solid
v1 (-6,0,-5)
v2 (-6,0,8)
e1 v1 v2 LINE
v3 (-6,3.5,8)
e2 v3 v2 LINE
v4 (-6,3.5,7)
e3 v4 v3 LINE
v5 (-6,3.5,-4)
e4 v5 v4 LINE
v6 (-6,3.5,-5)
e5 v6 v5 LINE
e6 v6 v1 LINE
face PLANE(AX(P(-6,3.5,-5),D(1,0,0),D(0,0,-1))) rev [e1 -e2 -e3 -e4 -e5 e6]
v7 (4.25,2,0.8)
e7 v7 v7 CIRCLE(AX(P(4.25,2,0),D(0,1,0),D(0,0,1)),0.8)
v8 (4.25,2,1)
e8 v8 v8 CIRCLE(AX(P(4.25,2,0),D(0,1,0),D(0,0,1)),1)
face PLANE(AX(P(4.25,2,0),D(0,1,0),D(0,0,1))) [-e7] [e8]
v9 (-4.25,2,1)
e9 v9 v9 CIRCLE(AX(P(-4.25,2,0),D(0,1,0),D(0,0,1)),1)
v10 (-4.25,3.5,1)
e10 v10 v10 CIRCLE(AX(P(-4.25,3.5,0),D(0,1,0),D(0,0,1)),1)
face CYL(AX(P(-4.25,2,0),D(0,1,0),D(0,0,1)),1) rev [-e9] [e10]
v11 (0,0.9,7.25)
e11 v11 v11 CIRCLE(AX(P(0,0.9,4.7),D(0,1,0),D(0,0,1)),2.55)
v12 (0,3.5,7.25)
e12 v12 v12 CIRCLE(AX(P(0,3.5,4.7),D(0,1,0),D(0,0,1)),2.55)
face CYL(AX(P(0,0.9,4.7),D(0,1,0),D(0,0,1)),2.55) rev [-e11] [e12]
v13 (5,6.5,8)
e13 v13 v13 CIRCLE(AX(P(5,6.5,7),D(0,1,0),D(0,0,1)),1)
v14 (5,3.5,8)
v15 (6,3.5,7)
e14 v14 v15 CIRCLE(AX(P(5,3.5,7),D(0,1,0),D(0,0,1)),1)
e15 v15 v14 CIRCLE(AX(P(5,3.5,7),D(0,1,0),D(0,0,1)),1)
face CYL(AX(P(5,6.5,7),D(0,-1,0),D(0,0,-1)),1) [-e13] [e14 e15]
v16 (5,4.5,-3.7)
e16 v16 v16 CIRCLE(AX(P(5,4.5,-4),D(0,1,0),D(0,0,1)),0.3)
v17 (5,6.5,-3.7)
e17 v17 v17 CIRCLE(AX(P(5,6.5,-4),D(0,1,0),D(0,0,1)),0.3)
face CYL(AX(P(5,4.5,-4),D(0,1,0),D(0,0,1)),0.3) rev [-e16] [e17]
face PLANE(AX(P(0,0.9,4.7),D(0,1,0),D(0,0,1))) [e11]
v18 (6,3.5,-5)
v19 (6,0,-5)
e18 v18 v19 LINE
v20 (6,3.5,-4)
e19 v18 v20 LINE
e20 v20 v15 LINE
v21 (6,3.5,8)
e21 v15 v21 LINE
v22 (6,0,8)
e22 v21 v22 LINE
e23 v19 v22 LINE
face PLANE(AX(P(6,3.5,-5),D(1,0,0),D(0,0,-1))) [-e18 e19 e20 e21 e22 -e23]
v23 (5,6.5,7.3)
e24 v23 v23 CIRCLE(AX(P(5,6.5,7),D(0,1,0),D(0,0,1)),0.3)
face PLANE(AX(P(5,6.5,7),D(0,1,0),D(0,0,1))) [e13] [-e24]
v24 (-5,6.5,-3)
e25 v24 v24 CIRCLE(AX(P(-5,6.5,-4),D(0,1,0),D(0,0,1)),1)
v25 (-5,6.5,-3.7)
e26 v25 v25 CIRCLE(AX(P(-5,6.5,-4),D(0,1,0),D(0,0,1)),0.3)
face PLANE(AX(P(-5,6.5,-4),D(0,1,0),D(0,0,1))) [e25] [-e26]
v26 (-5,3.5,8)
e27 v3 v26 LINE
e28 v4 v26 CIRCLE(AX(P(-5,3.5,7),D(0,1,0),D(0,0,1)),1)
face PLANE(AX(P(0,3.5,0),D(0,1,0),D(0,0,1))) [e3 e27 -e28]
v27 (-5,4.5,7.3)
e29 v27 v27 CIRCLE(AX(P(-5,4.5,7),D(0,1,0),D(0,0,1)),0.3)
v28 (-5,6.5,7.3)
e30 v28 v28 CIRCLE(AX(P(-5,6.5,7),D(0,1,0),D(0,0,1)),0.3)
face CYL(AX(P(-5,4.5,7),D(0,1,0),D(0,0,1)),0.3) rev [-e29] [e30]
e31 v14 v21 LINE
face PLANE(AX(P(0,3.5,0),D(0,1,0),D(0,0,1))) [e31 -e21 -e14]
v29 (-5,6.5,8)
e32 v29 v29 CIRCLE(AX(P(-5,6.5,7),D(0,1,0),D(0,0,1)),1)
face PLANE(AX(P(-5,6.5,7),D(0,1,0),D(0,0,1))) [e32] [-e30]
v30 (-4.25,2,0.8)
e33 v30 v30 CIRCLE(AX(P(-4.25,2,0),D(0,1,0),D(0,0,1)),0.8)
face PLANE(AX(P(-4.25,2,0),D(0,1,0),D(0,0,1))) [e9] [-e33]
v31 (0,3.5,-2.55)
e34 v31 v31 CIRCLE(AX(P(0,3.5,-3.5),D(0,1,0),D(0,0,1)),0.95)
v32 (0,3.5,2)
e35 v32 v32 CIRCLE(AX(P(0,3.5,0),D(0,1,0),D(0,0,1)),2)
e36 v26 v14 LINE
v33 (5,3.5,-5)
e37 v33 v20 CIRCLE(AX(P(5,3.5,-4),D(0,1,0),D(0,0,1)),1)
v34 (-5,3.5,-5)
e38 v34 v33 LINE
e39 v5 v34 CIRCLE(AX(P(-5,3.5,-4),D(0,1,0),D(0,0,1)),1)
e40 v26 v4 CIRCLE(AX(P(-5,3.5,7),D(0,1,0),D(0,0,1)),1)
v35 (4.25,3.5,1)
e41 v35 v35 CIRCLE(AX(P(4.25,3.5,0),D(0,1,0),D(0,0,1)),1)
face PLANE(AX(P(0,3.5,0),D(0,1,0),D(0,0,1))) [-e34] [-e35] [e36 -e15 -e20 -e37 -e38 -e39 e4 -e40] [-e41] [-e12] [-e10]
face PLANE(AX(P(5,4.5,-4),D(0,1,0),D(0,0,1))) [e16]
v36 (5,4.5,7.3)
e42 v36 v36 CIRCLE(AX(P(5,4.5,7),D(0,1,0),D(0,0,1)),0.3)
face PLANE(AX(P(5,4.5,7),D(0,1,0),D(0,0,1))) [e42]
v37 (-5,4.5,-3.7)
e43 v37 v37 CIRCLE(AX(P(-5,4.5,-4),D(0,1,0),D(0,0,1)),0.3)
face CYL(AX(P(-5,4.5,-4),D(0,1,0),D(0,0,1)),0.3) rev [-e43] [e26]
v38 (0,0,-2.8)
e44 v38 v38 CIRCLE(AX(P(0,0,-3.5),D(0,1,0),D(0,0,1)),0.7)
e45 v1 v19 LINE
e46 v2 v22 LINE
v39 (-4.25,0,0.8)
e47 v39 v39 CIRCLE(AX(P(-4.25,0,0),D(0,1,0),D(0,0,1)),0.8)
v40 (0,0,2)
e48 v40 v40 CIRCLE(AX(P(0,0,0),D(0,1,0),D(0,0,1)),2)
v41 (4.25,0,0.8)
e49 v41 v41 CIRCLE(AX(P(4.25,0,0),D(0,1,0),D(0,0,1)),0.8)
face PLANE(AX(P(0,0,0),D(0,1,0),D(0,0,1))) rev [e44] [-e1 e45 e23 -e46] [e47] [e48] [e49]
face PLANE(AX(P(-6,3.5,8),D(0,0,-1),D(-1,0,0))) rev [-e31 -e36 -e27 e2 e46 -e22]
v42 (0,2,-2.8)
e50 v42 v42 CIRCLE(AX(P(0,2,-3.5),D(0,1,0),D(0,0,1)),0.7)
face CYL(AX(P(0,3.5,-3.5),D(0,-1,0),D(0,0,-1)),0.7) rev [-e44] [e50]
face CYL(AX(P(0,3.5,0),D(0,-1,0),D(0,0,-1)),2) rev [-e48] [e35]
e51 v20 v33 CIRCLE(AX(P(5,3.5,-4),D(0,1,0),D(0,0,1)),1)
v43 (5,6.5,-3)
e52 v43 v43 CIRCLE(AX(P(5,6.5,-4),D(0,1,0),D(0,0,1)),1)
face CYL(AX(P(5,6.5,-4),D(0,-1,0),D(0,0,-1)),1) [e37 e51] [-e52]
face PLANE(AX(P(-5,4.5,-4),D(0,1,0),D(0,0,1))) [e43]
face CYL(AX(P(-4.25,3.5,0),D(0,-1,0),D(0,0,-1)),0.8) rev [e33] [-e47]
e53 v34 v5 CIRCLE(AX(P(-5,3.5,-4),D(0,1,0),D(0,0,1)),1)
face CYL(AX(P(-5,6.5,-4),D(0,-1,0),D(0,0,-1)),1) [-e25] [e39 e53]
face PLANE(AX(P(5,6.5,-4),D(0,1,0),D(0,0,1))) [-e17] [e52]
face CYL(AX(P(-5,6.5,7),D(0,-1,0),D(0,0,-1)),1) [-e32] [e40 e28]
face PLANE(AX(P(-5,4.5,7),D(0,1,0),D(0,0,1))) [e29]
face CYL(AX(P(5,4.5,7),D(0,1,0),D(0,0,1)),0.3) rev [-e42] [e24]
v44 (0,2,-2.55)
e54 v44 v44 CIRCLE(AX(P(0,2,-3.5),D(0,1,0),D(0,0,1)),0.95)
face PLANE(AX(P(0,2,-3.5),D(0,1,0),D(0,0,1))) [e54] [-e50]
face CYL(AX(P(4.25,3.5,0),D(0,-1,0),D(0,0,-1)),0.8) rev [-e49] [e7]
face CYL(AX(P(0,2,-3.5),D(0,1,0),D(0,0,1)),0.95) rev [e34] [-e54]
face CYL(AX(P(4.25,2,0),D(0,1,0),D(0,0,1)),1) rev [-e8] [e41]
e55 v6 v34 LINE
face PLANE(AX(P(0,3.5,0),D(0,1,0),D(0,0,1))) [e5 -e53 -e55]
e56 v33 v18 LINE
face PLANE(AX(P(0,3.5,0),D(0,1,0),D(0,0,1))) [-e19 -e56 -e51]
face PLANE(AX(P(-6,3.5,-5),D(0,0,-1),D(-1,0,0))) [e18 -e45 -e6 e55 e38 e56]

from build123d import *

# Parameters (mm, degrees)
SKETCH_1_W          = 12
SKETCH_1_H          = 13
SKETCH_1_R          = 2
SKETCH_1_R_2        = 0.8
SKETCH_1_R_3        = 0.7
EXTRUDE_1_DEPTH     = 3.5
CUT_EXTRUDE_START   = 3.5
SKETCH_1_3_R        = 1
SKETCH_1_3_R_2      = 0.95
CUT_EXTRUDE_2_DEPTH = 1.5
SKETCH_2_R          = 2.55
CUT_EXTRUDE_5_DEPTH = 2.6
SKETCH_3_R          = 1
EXTRUDE_2_DEPTH     = 3
CUT_EXTRUDE_START_2 = 3
SKETCH_3_3_R        = 0.3
CUT_EXTRUDE_6_DEPTH = 2


with BuildPart() as part:
    # 草图1 → 凸台-拉伸1 (new body)
    with BuildSketch(Plane(origin=(0, 0, 0), x_dir=(1, 0, 0), z_dir=(0, 1, 0))):
        with Locations((0, -1.5)):
            Rectangle(SKETCH_1_W, SKETCH_1_H)
        with Locations(Location((0, 0, 0), (0, 0, 270))):
            Circle(SKETCH_1_R, mode=Mode.SUBTRACT)
        with Locations(Location((-4.25, 0, 0), (0, 0, 270))):
            Circle(SKETCH_1_R_2, mode=Mode.SUBTRACT)
        with Locations(Location((4.25, 0, 0), (0, 0, 270))):
            Circle(SKETCH_1_R_2, mode=Mode.SUBTRACT)
        with Locations(Location((0, 3.5, 0), (0, 0, 270))):
            Circle(SKETCH_1_R_3, mode=Mode.SUBTRACT)
    extrude(amount=EXTRUDE_1_DEPTH)

    # 草图1<3> → 切除-拉伸2 (cut)
    with BuildSketch(Plane(origin=(0, 0, 0), x_dir=(1, 0, 0), z_dir=(0, 1, 0)).offset(CUT_EXTRUDE_START)):
        with Locations(Location((-4.25, 0, 0), (0, 0, 270))):
            Circle(SKETCH_1_3_R)
        with Locations(Location((4.25, 0, 0), (0, 0, 270))):
            Circle(SKETCH_1_3_R)
        with Locations(Location((0, 3.5, 0), (0, 0, 270))):
            Circle(SKETCH_1_3_R_2)
    extrude(amount=-CUT_EXTRUDE_2_DEPTH, mode=Mode.SUBTRACT)

    # 草图2 → 切除-拉伸5 (cut)
    with BuildSketch(Plane(origin=(0, 3.5, 0), x_dir=(1, 0, 0), z_dir=(0, 1, 0))):
        with Locations(Location((0, -4.7, 0), (0, 0, 270))):
            Circle(SKETCH_2_R)
    extrude(amount=-CUT_EXTRUDE_5_DEPTH, mode=Mode.SUBTRACT)

    # 草图3 → 凸台-拉伸2 (add)
    with BuildSketch(Plane(origin=(0, 3.5, 0), x_dir=(1, 0, 0), z_dir=(0, 1, 0))):
        with Locations(Location((-5, -7, 0), (0, 0, 270))):
            Circle(SKETCH_3_R)
        with Locations(Location((5, 4, 0), (0, 0, 90))):
            Circle(SKETCH_3_R)
        with Locations(Location((-5, 4, 0), (0, 0, 90))):
            Circle(SKETCH_3_R)
        with Locations(Location((5, -7, 0), (0, 0, 270))):
            Circle(SKETCH_3_R)
    extrude(amount=EXTRUDE_2_DEPTH)

    # 草图3<3> → 切除-拉伸6 (cut)
    with BuildSketch(Plane(origin=(0, 3.5, 0), x_dir=(1, 0, 0), z_dir=(0, 1, 0)).offset(CUT_EXTRUDE_START_2)):
        with Locations(Location((5, 4, 0), (0, 0, 270))):
            Circle(SKETCH_3_3_R)
        with Locations(Location((-5, -7, 0), (0, 0, 270))):
            Circle(SKETCH_3_3_R)
        with Locations(Location((-5, 4, 0), (0, 0, 270))):
            Circle(SKETCH_3_3_R)
        with Locations(Location((5, -7, 0), (0, 0, 270))):
            Circle(SKETCH_3_3_R)
    extrude(amount=-CUT_EXTRUDE_6_DEPTH, mode=Mode.SUBTRACT)


solid = part.part
